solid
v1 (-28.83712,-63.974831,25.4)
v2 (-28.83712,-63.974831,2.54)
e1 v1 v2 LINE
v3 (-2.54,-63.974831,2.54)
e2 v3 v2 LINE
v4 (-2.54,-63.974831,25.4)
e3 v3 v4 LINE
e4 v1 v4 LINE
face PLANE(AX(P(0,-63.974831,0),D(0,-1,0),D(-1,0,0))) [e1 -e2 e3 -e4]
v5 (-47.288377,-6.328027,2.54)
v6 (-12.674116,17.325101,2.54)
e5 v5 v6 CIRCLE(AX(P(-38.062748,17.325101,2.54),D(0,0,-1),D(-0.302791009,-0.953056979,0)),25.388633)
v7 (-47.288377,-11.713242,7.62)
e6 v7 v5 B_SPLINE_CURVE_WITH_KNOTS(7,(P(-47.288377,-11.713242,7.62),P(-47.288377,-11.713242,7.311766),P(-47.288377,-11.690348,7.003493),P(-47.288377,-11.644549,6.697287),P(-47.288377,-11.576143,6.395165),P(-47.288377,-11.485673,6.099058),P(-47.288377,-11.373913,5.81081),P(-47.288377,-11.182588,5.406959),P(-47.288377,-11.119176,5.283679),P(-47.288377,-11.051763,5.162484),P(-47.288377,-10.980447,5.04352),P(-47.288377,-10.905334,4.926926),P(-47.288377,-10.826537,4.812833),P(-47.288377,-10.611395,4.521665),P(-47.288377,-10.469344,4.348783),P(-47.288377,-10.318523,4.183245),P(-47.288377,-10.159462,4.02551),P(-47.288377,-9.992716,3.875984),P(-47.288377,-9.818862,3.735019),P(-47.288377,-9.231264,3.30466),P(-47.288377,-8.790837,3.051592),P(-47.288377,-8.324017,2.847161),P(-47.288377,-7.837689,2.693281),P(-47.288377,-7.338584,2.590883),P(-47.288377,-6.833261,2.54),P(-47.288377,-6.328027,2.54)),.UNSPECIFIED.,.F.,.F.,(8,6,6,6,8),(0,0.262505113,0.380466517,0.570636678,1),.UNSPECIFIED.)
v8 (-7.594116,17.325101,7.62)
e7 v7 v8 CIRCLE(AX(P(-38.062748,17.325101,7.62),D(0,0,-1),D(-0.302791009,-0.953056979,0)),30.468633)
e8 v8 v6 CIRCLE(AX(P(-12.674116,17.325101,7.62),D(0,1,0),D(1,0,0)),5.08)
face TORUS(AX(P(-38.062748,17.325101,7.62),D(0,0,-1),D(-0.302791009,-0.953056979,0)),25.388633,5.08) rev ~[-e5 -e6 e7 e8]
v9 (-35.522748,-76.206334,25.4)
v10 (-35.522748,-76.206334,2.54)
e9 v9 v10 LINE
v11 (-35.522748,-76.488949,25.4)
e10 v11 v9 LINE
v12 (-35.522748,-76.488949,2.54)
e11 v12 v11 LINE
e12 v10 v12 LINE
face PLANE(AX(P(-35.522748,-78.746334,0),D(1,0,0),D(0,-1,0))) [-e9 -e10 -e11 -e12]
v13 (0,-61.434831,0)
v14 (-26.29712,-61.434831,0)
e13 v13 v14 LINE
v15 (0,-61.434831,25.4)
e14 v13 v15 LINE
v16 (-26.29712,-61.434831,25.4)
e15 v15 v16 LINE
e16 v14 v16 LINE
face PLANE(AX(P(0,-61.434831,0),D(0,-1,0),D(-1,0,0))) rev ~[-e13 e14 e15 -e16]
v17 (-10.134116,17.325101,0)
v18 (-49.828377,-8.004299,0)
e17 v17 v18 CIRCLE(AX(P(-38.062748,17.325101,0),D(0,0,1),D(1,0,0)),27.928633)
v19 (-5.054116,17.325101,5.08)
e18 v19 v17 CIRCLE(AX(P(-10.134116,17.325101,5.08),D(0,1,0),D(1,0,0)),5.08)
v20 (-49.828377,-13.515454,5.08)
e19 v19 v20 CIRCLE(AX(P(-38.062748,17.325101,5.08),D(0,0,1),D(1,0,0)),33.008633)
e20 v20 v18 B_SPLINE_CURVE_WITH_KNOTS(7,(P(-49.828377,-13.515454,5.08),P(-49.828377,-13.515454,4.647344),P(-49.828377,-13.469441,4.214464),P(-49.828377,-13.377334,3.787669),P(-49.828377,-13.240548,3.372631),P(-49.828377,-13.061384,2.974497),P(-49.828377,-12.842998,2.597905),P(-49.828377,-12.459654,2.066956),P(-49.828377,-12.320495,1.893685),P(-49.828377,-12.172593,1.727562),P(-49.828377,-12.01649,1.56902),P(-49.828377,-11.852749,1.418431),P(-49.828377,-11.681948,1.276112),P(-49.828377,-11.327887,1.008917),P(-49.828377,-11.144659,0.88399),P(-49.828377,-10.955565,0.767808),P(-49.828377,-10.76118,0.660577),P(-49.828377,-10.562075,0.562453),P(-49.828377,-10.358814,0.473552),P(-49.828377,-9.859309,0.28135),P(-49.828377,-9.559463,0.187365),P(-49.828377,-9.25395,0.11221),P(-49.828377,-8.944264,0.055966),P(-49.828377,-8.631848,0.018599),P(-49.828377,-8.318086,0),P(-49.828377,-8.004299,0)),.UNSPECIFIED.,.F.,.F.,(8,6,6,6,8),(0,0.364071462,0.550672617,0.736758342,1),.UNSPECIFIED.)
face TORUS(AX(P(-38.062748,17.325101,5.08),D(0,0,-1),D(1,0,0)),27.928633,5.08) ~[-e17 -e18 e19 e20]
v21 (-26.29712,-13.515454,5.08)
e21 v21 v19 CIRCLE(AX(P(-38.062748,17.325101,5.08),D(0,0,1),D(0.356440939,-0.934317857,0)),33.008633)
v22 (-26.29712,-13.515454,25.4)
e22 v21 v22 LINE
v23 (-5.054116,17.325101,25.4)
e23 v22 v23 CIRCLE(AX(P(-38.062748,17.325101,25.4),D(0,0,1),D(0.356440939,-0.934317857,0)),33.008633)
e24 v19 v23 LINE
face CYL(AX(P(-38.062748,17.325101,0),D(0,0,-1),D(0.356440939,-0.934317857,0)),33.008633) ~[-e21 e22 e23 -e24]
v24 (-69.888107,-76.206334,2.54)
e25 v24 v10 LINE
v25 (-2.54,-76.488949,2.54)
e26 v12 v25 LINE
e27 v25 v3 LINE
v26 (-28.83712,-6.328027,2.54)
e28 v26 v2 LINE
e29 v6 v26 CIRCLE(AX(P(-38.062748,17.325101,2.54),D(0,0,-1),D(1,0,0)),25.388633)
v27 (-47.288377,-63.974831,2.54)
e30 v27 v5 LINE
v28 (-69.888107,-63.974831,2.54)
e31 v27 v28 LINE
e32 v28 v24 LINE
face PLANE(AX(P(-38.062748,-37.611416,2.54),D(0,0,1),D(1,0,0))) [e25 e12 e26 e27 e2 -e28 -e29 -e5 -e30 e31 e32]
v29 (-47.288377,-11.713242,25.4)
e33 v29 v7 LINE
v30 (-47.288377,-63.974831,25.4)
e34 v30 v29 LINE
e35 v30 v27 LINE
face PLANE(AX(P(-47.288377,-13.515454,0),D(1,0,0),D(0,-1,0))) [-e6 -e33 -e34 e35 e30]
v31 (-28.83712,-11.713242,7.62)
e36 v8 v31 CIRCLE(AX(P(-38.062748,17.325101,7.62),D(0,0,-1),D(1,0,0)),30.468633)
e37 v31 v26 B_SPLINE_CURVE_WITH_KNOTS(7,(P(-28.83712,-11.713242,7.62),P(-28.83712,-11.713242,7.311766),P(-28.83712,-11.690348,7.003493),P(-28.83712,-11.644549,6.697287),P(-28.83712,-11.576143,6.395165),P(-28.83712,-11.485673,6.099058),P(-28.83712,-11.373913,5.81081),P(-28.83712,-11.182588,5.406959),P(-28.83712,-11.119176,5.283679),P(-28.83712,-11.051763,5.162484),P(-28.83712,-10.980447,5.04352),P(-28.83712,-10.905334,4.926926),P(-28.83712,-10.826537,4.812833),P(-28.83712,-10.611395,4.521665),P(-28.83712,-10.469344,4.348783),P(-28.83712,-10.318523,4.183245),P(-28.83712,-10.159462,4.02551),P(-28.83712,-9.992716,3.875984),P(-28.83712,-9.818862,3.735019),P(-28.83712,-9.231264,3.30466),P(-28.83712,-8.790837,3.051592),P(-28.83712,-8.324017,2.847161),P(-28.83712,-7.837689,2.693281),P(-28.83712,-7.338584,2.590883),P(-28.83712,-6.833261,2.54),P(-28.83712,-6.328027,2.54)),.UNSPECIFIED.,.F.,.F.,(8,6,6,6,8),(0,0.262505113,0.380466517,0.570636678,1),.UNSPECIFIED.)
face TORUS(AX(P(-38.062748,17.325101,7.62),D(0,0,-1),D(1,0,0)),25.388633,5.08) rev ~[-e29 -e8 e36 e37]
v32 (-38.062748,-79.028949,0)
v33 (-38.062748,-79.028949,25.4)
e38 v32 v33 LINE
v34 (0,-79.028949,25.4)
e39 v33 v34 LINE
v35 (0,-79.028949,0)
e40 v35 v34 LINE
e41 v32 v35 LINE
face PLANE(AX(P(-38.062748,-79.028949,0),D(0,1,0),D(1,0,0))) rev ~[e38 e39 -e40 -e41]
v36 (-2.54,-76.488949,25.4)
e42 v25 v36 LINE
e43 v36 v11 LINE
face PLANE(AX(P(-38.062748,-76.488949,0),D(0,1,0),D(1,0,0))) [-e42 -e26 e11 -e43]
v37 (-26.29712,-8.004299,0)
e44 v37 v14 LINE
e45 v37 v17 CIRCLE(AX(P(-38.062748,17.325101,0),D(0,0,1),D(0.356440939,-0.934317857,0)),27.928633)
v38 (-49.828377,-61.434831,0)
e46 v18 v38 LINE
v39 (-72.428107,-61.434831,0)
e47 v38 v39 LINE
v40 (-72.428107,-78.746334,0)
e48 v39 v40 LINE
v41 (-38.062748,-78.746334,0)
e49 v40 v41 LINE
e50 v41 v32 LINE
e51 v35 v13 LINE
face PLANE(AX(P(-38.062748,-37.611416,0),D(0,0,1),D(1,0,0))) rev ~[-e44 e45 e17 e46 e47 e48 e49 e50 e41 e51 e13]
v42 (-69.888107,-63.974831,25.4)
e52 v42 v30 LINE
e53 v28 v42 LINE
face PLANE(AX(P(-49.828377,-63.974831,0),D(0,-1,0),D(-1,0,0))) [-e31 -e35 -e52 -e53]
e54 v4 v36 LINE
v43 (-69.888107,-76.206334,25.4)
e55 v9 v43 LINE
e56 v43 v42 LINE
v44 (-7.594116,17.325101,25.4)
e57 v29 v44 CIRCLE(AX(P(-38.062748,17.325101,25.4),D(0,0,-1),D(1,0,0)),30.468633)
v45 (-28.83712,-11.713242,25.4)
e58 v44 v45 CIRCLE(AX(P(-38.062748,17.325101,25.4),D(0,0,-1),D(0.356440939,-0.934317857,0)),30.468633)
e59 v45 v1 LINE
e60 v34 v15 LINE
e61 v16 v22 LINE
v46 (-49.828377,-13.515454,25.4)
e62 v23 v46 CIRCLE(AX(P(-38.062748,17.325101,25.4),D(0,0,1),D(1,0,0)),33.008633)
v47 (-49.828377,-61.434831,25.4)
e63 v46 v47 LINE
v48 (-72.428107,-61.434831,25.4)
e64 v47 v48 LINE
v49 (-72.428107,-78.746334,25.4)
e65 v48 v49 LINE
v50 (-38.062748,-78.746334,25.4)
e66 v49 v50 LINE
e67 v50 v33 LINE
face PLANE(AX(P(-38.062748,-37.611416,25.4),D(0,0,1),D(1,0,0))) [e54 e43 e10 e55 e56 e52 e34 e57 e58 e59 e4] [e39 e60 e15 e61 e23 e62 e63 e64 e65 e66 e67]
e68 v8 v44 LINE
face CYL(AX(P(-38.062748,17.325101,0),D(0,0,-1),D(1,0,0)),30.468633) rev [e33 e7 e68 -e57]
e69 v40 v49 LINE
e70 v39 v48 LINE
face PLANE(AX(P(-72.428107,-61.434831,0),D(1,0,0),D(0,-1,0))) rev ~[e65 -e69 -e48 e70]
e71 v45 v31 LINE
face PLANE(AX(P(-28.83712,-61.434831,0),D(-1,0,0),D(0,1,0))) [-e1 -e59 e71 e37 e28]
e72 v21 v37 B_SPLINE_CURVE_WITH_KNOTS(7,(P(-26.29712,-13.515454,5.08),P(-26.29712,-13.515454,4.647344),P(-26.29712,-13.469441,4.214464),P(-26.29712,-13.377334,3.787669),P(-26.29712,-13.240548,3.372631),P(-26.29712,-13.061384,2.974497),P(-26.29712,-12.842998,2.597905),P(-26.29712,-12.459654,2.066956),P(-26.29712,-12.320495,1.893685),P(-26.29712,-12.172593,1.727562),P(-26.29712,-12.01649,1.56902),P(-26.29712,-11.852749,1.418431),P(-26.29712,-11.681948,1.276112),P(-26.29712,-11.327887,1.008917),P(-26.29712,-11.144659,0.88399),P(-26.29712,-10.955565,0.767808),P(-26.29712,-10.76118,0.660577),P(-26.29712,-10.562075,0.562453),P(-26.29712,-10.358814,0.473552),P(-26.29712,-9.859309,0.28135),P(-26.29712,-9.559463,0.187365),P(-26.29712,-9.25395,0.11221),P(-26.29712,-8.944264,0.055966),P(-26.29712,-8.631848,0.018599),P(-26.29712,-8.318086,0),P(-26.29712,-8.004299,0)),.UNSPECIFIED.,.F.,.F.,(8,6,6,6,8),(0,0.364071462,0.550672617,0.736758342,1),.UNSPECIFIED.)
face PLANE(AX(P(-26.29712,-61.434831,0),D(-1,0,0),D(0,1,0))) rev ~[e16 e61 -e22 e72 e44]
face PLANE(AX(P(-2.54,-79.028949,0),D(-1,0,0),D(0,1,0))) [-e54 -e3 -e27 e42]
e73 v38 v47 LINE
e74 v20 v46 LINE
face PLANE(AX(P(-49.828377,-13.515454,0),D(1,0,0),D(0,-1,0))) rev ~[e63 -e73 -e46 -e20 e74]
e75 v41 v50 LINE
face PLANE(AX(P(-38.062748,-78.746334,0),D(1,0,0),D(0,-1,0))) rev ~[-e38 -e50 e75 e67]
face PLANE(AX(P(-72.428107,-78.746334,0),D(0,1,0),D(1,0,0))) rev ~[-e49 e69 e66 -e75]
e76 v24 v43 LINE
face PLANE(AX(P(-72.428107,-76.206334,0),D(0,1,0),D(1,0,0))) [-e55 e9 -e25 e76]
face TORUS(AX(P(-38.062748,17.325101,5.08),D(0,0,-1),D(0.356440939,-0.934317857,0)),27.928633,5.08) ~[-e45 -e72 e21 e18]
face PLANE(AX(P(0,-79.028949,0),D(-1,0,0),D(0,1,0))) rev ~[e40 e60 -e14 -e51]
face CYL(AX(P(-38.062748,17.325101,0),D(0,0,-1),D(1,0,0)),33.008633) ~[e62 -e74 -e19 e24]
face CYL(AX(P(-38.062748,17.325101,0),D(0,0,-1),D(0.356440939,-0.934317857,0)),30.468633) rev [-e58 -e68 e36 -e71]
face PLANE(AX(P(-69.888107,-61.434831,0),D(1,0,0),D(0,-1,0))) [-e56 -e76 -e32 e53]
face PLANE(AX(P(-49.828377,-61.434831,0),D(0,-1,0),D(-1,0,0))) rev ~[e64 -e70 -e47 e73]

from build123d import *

# Parameters (mm, degrees)
F1_DEPTH = 25.4
F2_T     = -2.54
F3_R     = 5.08


with BuildPart() as f1:
    # F0 (on Top) → F1 (new body)
    with BuildSketch(Plane.XY):
        with BuildLine():
            ThreePointArc((-26.2971203774, -13.5154537857), (-38.0627484992, -15.6835315492), (-49.828376621, -13.5154537857))
            Line((-49.828376621, -13.5154537857), (-49.828376621, -61.4348314703))
            Line((-49.828376621, -61.4348314703), (-38.0627484992, -61.4348314703))
            Line((-38.0627484992, -61.4348314703), (-26.2971203774, -61.4348314703))
            Line((-26.2971203774, -61.4348314703), (-26.2971203774, -13.5154537857))
        make_face()
        with BuildLine():
            Line((-26.2971203774, -13.5154537857), (-49.828376621, -13.5154537857))
            ThreePointArc((-49.828376621, -13.5154537857), (-38.0627484992, -15.6835315492), (-26.2971203774, -13.5154537857))
        make_face()
        with BuildLine():
            ThreePointArc((-5.0541155298, 17.3251014203), (-56.7870982901, 44.5090778663), (-49.828376621, -13.5154537857))
            Line((-49.828376621, -13.5154537857), (-26.2971203774, -13.5154537857))
            ThreePointArc((-26.2971203774, -13.5154537857), (-10.8787720532, -1.3992483706), (-5.0541155298, 17.3251014203))
        make_face()
        Polygon((-38.0627484992, -61.4348314703), (-49.828376621, -61.4348314703), (-72.4281072617, -61.4348314703), (-72.4281072617, -78.7463337183), (-38.0627484992, -78.7463337183), align=None)
        Polygon((0, -61.4348314703), (-26.2971203774, -61.4348314703), (-38.0627484992, -61.4348314703), (-38.0627484992, -78.7463337183), (-38.0627484992, -79.0289491415), (0, -79.0289491415), align=None)
    extrude(amount=F1_DEPTH)

    # F2
    f2_openings = [f1.faces().sort_by_distance(p)[0] for p in [
        (-37.626368, -12.314928, 25.4),
    ]]
    offset(amount=F2_T, openings=f2_openings, kind=Kind.INTERSECTION)

    # F3
    f3_edges = [f1.edges().sort_by_distance(p)[0] for p in [
        (-38.062748, 47.793734, 2.54),
        (-38.062748, 50.333734, 0),
    ]]
    fillet(f3_edges, radius=F3_R)


solid = f1.part
